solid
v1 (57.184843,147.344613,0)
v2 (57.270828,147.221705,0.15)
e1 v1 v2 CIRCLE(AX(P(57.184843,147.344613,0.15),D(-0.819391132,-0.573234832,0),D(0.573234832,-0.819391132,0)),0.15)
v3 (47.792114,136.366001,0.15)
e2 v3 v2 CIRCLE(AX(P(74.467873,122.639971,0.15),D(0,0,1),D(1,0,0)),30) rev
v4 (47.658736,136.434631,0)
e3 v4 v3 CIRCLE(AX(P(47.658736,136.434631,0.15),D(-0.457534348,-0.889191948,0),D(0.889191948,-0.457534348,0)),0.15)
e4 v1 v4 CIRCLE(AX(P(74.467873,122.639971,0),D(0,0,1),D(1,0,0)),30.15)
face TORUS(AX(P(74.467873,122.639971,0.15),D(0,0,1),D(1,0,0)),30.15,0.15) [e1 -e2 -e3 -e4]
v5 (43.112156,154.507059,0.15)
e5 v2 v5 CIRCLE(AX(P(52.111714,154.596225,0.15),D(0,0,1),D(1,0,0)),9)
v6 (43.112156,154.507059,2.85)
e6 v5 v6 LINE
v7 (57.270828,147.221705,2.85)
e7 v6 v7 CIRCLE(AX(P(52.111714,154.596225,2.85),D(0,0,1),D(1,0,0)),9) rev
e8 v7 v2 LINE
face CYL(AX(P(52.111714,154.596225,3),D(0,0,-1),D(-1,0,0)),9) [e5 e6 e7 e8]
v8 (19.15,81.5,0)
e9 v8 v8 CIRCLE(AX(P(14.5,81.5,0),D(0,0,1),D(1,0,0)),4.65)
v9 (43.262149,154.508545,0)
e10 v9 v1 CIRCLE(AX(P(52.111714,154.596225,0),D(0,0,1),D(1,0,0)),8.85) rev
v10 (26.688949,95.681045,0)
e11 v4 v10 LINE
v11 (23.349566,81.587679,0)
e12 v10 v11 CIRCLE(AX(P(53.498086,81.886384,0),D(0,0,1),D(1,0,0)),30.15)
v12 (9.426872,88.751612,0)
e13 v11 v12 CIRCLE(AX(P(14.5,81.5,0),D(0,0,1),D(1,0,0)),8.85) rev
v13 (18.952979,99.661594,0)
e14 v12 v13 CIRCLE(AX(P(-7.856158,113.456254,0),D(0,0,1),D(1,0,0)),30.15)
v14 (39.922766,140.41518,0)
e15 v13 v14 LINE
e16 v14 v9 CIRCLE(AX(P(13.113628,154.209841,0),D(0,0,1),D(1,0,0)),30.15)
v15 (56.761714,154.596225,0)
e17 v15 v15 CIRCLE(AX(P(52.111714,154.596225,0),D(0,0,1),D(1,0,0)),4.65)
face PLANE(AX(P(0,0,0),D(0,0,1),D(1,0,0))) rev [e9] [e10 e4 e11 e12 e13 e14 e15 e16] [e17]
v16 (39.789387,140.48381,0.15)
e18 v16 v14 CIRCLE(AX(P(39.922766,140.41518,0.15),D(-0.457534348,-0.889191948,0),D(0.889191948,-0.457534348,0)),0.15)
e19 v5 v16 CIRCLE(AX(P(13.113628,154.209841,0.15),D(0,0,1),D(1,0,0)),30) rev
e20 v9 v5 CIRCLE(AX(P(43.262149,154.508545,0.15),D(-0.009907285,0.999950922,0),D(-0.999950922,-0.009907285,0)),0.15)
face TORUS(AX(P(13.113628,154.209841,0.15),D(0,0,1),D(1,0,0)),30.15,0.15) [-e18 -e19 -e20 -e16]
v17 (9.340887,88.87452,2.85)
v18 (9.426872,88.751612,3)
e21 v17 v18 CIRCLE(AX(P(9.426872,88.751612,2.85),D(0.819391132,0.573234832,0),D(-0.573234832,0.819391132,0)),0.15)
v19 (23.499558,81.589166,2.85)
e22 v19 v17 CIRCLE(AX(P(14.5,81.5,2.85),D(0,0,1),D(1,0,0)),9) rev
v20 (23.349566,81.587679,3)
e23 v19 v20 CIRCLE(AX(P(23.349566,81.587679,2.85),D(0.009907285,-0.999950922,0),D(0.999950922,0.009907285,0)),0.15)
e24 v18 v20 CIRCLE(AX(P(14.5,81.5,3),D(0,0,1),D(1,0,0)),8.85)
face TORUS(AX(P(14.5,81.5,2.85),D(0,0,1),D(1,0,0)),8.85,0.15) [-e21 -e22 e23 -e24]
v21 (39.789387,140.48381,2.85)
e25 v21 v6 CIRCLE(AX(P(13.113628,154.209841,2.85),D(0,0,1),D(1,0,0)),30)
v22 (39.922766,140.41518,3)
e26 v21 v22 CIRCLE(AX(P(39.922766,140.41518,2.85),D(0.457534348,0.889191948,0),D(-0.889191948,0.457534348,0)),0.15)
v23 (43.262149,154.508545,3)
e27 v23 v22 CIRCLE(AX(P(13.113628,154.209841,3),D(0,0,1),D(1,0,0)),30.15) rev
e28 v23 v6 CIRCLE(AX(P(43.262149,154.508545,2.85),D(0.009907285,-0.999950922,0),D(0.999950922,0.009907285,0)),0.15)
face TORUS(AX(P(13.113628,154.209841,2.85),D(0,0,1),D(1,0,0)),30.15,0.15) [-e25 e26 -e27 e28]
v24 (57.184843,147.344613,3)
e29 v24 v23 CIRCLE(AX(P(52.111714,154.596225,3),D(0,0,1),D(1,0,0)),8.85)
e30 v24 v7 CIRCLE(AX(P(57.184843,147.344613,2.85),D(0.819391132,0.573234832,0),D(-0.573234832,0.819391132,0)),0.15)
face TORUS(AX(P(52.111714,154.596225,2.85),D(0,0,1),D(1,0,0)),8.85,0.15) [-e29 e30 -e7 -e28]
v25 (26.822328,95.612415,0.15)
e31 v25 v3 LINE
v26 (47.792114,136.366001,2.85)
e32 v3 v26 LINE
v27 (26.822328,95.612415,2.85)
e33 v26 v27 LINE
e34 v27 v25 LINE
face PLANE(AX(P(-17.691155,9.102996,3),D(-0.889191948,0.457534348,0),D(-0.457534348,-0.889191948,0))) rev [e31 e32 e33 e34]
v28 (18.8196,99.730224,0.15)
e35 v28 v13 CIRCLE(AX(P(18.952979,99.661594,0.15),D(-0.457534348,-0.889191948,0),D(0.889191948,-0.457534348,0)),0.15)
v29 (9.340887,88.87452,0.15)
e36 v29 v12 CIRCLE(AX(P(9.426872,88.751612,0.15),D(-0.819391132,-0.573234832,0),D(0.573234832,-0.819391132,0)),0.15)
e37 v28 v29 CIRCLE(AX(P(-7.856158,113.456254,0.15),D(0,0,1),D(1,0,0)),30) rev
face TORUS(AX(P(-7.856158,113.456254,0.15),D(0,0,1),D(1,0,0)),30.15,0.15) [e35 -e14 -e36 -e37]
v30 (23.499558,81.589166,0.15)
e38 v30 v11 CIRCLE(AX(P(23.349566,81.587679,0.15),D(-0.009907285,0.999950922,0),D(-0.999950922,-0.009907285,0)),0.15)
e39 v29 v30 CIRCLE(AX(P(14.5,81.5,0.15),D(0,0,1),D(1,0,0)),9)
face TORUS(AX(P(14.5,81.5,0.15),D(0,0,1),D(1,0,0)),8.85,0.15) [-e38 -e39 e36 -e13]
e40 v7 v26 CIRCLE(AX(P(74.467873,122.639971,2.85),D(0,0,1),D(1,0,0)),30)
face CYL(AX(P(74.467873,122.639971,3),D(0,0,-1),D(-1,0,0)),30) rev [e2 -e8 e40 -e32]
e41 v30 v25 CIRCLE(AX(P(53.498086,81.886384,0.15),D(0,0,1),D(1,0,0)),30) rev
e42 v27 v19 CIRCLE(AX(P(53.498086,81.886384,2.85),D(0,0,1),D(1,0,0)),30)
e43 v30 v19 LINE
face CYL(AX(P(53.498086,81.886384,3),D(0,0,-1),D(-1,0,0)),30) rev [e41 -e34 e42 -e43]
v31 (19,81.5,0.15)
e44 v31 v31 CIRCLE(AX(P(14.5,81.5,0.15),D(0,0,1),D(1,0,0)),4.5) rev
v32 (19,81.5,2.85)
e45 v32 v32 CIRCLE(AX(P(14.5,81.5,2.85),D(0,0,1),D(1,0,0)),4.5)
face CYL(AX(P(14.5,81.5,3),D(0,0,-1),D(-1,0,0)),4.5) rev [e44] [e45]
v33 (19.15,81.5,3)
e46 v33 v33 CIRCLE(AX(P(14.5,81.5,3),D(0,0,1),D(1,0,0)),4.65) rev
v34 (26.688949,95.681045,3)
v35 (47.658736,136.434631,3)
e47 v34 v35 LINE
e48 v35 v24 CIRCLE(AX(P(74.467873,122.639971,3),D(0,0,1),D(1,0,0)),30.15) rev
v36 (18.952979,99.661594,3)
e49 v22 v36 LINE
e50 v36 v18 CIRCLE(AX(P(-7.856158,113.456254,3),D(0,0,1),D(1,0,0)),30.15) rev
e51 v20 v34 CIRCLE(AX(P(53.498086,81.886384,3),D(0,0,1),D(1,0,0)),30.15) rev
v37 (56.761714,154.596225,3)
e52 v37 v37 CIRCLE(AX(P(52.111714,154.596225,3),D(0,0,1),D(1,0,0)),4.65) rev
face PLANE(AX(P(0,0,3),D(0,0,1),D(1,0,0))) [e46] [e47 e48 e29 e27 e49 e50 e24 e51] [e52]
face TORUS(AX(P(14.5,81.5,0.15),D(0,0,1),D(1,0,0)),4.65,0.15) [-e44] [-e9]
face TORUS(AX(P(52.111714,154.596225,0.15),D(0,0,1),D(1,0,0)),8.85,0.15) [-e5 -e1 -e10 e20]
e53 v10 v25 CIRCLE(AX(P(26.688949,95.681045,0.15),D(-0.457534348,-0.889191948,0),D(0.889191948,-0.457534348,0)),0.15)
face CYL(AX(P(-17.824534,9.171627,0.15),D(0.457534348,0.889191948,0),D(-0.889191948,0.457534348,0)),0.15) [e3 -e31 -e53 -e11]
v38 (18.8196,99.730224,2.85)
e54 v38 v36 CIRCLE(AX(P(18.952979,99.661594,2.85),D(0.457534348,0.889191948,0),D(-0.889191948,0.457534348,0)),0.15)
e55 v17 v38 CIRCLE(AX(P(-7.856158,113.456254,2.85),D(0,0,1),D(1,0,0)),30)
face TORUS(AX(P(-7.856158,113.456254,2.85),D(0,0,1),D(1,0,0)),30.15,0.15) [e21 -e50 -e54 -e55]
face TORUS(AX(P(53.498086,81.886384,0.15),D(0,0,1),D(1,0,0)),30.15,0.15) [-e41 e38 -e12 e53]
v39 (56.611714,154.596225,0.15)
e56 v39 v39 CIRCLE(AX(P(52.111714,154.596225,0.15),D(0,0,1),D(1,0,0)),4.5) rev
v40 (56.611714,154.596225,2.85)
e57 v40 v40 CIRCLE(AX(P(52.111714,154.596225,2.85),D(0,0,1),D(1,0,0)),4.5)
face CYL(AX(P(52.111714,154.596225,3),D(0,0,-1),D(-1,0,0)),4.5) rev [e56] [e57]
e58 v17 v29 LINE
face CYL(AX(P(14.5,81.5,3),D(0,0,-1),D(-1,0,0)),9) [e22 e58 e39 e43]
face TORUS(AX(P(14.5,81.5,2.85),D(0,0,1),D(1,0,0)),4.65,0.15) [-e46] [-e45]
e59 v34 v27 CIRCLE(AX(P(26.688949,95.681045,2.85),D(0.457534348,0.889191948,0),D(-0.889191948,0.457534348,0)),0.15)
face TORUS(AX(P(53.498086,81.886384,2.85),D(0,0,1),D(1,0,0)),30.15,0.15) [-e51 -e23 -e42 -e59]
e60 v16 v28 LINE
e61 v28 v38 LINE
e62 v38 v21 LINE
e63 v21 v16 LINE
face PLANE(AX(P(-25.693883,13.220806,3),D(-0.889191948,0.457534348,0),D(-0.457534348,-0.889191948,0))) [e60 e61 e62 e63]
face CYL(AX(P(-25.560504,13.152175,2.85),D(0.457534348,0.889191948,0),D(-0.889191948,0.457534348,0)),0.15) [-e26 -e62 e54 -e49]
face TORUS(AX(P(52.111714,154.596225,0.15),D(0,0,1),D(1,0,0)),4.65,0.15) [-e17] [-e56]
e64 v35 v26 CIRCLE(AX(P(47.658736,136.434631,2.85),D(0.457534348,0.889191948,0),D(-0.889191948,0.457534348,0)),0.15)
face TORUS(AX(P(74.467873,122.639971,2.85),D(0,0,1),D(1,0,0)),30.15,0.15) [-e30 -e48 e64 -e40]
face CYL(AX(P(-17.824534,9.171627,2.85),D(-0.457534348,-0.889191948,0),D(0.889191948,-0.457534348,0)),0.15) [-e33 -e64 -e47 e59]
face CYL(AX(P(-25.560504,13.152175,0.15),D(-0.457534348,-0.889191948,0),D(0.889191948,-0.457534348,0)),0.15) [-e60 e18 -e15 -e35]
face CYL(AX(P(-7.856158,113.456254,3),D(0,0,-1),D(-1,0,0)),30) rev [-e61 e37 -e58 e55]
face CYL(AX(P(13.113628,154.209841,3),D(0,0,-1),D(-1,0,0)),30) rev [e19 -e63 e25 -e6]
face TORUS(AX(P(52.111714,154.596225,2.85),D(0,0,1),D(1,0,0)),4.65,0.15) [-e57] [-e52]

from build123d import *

# Parameters (mm, degrees)
BOSS_EXTRUDE1_DEPTH = 3
FILLET1_R           = 30
FILLET2_R           = 0.15


with BuildPart() as part:
    # Sketch1 → Boss-Extrude1 (new body)
    with BuildSketch(Plane.XY):
        with BuildLine():
            Line((10.498636235, 83.558904567), (48.11035062, 156.655129366))
            ThreePointArc((48.11035062, 156.655129366), (50.052809818, 150.594861033), (56.113078151, 152.537320231))
            Line((56.113078151, 152.537320231), (18.501363765, 79.441095433))
            ThreePointArc((18.501363765, 79.441095433), (16.558904567, 85.501363765), (10.498636235, 83.558904567))
        make_face()
        with BuildLine():
            ThreePointArc((52.546950832, 145.60675489), (56.22952352, 162.598952329), (44.544223302, 149.724564025))
            Line((44.544223302, 149.724564025), (48.11035062, 156.655129366))
            ThreePointArc((48.11035062, 156.655129366), (54.170618953, 158.597588564), (56.113078151, 152.537320231))
            Line((56.113078151, 152.537320231), (52.546950832, 145.60675489))
        make_face()
        with BuildLine():
            ThreePointArc((18.501363765, 79.441095433), (12.441095433, 77.498636235), (10.498636235, 83.558904567))
            Line((10.498636235, 83.558904567), (14.064763553, 90.489469908))
            ThreePointArc((14.064763553, 90.489469908), (10.382190865, 73.497272469), (22.067491084, 86.371660774))
            Line((22.067491084, 86.371660774), (18.501363765, 79.441095433))
        make_face()
    extrude(amount=BOSS_EXTRUDE1_DEPTH)

    # Fillet1
    fillet1_edges = [part.edges().sort_by_distance(p)[0] for p in [
        (44.544223302, 149.724564025, 1.5),
        (52.546950832, 145.60675489, 1.5),
        (22.067491084, 86.371660774, 1.5),
        (14.064763553, 90.489469908, 1.5),
    ]]
    fillet(fillet1_edges, radius=FILLET1_R)

    # Fillet2
    fillet2_edges = [part.edges().sort_by_distance(p)[0] for p in [
        (56.113078151, 152.537320231, 3),
        (29.304493428, 120.107016967, 0),
        (29.304493428, 120.107016967, 3),
        (56.22952352, 162.598952329, 0),
        (56.22952352, 162.598952329, 3),
        (37.307220958, 115.989207832, 0),
        (37.307220958, 115.989207832, 3),
        (10.498636235, 83.558904567, 3),
        (10.382190865, 73.497272469, 0),
        (10.382190865, 73.497272469, 3),
        (42.305349081, 147.292944989, 0),
        (42.305349081, 147.292944989, 3),
        (51.869923948, 142.371486199, 0),
        (51.869923948, 142.371486199, 3),
        (24.306365304, 88.80327981, 0),
        (24.306365304, 88.80327981, 3),
        (14.741790438, 93.7247386, 0),
        (14.741790438, 93.7247386, 3),
        (10.498636235, 83.558904567, 0),
        (56.113078151, 152.537320231, 0),
    ]]
    fillet(fillet2_edges, radius=FILLET2_R)


solid = part.part
